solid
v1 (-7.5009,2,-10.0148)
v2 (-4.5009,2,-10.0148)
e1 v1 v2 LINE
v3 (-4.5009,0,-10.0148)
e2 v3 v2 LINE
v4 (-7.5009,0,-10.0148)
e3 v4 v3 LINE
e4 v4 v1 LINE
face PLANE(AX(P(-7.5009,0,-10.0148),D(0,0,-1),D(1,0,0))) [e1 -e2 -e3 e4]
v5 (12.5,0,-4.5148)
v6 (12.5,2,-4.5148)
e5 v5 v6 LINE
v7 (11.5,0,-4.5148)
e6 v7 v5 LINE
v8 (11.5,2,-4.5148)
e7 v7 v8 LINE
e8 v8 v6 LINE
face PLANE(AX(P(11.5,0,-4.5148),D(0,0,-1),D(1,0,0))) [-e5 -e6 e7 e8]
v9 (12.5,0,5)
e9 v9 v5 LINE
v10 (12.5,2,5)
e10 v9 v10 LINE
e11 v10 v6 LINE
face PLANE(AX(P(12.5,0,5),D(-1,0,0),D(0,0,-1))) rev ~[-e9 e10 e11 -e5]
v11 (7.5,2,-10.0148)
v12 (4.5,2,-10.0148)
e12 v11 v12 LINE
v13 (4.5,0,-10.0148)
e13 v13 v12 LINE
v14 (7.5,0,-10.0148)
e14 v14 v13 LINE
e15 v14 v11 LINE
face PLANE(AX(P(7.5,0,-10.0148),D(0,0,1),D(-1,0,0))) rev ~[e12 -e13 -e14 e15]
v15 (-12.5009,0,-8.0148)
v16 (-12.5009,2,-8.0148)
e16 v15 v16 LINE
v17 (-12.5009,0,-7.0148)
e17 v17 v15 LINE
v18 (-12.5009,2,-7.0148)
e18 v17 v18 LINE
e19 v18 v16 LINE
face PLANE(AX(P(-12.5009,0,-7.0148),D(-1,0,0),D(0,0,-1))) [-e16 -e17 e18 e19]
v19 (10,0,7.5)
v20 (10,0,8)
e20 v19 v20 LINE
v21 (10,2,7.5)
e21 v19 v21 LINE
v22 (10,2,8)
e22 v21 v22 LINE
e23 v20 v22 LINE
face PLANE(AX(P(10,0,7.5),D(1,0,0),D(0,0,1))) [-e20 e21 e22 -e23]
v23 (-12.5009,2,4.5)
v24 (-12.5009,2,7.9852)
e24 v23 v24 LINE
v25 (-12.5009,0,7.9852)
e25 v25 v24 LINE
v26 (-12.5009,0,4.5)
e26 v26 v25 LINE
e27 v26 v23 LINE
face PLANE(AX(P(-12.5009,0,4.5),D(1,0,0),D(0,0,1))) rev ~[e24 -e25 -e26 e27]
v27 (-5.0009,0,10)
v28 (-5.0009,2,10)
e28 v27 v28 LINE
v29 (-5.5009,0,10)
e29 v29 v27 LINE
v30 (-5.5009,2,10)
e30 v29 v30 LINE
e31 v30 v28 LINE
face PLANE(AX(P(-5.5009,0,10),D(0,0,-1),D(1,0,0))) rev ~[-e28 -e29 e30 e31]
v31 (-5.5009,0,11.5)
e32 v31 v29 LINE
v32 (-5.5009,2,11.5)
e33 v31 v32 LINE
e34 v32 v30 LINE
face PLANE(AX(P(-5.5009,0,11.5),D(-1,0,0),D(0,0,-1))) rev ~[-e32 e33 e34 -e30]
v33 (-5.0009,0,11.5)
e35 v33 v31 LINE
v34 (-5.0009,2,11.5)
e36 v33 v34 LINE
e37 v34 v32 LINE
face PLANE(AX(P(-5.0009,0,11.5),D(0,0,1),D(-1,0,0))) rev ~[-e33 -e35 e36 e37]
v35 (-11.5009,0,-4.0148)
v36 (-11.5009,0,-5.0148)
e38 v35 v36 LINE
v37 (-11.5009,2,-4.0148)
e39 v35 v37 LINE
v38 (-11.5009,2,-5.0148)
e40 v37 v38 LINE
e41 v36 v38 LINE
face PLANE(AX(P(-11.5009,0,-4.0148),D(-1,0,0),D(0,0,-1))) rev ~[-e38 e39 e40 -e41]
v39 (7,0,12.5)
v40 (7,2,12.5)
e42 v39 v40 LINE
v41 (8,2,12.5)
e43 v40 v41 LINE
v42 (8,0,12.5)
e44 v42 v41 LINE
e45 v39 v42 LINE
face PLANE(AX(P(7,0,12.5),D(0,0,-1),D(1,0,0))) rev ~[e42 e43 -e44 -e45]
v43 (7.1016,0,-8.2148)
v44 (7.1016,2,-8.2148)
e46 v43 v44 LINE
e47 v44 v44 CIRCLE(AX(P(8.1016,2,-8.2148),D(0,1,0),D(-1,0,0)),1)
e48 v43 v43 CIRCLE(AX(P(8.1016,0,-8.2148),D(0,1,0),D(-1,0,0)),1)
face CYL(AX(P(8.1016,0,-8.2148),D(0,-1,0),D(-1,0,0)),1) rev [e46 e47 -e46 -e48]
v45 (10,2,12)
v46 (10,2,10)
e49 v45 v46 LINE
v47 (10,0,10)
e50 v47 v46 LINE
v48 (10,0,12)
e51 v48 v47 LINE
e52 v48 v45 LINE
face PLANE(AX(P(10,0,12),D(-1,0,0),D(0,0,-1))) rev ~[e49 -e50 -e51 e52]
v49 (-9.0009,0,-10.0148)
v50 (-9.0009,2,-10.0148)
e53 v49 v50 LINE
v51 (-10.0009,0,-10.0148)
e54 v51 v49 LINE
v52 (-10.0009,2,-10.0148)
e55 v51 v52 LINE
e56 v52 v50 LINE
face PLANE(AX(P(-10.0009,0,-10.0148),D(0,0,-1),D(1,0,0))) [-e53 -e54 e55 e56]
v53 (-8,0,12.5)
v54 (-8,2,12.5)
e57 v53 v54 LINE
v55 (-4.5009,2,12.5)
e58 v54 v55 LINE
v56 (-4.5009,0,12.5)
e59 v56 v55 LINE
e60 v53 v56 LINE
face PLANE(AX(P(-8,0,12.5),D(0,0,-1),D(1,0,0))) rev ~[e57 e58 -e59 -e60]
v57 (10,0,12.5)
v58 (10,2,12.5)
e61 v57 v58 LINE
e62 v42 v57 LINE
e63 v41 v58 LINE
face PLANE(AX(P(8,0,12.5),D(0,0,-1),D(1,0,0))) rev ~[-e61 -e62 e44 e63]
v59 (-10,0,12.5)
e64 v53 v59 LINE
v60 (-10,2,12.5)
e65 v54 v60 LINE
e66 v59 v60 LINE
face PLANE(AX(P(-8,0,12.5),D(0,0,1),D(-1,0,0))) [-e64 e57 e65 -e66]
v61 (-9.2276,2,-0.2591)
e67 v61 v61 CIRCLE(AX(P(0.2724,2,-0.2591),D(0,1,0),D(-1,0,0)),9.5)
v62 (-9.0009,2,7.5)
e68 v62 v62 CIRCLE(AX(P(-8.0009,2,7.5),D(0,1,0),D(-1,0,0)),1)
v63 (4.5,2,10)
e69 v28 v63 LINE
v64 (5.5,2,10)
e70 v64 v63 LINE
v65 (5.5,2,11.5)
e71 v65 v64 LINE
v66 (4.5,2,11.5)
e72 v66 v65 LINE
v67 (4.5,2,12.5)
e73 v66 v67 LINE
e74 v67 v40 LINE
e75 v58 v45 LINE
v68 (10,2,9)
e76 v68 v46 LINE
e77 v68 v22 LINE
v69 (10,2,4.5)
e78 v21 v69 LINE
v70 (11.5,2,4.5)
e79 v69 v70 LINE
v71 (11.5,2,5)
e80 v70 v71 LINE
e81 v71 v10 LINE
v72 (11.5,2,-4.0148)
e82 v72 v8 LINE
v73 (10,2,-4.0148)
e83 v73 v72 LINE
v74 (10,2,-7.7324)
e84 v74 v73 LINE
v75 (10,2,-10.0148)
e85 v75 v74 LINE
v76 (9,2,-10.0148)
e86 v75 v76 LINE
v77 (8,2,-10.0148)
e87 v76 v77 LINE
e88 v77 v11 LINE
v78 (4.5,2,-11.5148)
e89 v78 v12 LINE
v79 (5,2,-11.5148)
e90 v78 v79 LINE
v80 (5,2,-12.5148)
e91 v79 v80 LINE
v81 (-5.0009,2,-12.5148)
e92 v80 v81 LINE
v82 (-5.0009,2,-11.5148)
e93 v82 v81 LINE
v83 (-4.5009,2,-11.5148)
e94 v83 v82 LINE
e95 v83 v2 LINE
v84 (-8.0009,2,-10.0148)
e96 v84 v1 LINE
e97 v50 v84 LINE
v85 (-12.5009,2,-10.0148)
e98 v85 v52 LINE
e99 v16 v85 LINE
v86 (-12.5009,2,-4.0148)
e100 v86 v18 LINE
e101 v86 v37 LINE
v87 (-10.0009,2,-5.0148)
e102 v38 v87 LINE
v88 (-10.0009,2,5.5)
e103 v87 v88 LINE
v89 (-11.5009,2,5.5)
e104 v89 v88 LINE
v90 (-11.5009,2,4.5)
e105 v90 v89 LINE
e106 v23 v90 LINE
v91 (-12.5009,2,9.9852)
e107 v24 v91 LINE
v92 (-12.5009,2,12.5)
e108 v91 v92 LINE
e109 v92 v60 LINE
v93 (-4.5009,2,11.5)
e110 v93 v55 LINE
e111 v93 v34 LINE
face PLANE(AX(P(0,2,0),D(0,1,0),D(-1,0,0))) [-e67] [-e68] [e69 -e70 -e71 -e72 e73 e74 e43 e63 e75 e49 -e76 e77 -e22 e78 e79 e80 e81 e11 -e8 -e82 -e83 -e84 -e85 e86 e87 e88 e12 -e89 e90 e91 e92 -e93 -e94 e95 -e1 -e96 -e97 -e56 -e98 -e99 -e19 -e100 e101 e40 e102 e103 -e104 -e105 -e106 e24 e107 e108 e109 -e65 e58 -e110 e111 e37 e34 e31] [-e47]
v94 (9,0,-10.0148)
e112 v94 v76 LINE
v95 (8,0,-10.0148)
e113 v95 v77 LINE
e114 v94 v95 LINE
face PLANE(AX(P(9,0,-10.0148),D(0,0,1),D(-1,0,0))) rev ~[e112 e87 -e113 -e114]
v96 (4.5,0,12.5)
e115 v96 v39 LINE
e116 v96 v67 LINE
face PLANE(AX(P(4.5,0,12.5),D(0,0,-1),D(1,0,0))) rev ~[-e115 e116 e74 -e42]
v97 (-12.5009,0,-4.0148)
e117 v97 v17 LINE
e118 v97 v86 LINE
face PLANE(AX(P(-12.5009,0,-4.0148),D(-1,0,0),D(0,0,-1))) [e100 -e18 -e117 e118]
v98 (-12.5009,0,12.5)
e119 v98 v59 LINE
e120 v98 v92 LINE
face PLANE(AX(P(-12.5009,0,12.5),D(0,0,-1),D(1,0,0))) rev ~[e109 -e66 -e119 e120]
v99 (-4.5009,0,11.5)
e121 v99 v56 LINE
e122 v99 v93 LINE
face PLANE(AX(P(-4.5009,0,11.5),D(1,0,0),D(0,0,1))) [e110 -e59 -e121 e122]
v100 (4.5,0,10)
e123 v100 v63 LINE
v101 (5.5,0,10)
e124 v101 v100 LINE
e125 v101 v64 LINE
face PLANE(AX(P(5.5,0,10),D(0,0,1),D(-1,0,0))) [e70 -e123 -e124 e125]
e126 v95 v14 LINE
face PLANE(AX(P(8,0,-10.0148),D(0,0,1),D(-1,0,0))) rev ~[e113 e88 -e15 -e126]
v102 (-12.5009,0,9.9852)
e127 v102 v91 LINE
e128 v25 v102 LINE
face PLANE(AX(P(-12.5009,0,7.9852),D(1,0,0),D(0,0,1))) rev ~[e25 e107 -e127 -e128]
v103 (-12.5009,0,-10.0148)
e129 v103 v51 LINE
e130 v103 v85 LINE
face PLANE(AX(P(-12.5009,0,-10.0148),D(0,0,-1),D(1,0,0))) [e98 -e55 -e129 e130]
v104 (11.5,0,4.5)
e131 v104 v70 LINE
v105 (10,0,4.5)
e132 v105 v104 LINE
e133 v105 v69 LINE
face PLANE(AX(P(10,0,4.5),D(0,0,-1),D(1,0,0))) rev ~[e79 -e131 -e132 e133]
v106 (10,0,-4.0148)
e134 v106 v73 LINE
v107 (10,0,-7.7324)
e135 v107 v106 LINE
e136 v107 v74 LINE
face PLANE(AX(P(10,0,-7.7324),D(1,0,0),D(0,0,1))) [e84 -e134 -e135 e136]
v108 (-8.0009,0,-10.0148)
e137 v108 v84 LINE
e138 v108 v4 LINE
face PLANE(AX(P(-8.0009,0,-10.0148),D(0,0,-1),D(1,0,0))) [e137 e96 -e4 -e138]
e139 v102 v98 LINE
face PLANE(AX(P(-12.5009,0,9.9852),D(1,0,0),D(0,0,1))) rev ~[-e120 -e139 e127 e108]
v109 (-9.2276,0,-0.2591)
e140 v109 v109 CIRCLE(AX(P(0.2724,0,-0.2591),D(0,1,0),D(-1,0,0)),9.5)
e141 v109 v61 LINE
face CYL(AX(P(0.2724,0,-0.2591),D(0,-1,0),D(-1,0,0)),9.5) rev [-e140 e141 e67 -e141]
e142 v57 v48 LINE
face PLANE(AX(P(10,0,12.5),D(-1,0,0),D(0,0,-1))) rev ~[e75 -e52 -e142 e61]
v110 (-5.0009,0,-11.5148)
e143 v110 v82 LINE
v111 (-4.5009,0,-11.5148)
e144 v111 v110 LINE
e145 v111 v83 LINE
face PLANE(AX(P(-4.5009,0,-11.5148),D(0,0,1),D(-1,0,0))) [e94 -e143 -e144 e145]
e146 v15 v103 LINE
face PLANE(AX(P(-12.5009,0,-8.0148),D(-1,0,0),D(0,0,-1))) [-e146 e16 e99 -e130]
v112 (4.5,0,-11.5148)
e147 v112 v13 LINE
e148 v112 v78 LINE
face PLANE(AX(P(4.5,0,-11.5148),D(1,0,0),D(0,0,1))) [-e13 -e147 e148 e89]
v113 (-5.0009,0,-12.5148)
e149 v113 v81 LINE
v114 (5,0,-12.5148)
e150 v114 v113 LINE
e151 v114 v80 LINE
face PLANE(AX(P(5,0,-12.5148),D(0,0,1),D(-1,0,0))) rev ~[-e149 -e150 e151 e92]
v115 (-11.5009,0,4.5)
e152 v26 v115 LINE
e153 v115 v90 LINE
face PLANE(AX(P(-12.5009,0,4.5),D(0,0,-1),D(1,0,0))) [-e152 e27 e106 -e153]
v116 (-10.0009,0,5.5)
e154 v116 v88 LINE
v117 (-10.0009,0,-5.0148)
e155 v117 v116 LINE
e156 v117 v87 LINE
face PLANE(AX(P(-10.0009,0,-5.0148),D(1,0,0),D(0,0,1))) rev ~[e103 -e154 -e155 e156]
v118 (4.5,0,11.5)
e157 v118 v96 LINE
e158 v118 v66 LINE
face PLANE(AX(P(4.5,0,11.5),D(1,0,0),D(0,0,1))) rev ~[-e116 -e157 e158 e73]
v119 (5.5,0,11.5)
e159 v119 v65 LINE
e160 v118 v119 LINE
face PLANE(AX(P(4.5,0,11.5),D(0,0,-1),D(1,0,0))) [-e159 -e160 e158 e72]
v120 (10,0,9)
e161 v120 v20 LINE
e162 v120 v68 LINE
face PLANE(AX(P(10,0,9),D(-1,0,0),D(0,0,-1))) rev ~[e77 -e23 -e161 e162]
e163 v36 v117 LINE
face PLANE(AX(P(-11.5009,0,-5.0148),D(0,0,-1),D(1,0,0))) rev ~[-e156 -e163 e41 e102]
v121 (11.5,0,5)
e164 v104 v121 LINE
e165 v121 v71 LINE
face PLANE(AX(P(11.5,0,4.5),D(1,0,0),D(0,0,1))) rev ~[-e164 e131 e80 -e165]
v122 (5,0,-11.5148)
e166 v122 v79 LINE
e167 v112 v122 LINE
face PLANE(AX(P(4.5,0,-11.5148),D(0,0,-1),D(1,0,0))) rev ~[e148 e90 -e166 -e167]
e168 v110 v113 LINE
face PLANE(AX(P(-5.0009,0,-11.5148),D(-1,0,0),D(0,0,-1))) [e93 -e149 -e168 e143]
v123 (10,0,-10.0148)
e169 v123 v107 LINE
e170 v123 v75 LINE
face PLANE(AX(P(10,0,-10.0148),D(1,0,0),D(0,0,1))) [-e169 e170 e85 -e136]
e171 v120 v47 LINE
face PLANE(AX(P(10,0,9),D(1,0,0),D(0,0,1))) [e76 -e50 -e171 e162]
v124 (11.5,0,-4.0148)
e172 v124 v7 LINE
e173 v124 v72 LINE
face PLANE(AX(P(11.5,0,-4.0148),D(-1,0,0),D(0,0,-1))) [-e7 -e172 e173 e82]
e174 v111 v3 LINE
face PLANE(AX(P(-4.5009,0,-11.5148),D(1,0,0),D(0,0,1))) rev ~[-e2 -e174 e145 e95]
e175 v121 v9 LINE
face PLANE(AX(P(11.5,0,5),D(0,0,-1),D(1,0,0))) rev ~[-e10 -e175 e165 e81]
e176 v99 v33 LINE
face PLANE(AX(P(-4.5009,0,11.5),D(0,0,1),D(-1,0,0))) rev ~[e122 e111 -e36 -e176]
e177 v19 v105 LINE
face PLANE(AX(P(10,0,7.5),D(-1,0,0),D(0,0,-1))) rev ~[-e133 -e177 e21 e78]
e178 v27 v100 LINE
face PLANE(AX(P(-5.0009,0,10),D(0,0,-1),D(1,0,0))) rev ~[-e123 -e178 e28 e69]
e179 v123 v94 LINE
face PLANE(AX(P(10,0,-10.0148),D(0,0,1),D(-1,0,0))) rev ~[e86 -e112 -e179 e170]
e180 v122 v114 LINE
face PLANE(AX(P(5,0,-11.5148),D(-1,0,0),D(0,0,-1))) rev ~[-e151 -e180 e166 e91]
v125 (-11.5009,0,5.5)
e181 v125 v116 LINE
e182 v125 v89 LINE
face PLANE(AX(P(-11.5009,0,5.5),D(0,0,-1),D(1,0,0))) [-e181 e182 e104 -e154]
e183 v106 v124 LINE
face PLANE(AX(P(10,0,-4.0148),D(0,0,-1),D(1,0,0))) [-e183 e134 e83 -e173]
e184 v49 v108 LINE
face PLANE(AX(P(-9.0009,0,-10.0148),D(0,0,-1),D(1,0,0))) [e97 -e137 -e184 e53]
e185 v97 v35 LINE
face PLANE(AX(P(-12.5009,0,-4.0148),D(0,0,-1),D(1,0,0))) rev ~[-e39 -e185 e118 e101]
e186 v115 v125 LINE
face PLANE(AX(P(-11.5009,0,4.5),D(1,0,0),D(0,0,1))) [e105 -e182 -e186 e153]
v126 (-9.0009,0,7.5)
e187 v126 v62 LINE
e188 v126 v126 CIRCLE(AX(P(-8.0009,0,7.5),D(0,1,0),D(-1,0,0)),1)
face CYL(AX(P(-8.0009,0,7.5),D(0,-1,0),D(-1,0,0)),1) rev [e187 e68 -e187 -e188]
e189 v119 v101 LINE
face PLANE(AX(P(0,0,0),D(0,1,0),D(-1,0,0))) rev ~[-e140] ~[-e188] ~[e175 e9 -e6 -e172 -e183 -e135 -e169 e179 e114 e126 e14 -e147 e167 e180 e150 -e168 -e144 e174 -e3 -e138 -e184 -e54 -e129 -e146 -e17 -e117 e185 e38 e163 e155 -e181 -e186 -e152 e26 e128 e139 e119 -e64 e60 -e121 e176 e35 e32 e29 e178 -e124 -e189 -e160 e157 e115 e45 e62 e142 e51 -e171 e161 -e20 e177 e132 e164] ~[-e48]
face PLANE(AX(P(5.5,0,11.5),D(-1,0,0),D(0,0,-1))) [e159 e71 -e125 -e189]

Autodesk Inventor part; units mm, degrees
ref_plane "YZ Plane" through (0, 0, 0) normal (1, 0, 0) x (0, 1, 0)
ref_plane "XZ Plane" through (0, 0, 0) normal (0, 1, 0) x (-1, 0, 0)
ref_plane "XY Plane" through (0, 0, 0) normal (0, 0, 1) x (1, 0, 0)
sketch "Schizzo1" plane through (0, 0, 0) normal (0, 1, 0) x (-1, 0, 0)
  line L0 (10.0009, -10.0148) -> (9.0009, -10.0148)
  line L1 (-10, 9) -> (-10, 10)
  line L2 (-10, 12) -> (-10, 10)
  line L3 (-10, -10.0148) -> (-9, -10.0148)
  line L4 (9.0009, -10.0148) -> (8.0009, -10.0148)
  line L5 (-9, -10.0148) -> (-8, -10.0148)
  line L6 (-10, 9) -> (-10, 8)
  line L7 (-10, -10.0148) -> (-10, -7.7324)
  circle A0 centre (-0.2724, -0.2591) radius 9.5
  line L8 (12.5009, -8.0148) -> (12.5009, -10.0148)
  line L9 (12.5009, -10.0148) -> (10.0009, -10.0148)
  line L10 (12.5009, 7.9852) -> (12.5009, 9.9852)
  line L11 (8, 12.5) -> (10, 12.5)
  line L12 (12.5009, 9.9852) -> (12.5009, 12.5)
  line L13 (12.5009, 12.5) -> (10, 12.5)
  line L14 (-8, 12.5) -> (-10, 12.5)
  line L15 (-10, 12.5) -> (-10, 12)
  line L16 (8.0009, -10.0148) -> (7.5009, -10.0148)
  line L17 (-8, -10.0148) -> (-7.5, -10.0148)
  circle A1 centre (-8.1016, -8.2148) radius 1
  circle A2 centre (8.0009, 7.5) radius 1
  line L18 (12.5009, -7.0148) -> (12.5009, -8.0148)
  line L19 (-7, 12.5) -> (-8, 12.5)
  line L20 (7.5009, -10.0148) -> (4.5009, -10.0148)
  line L21 (-7.5, -10.0148) -> (-4.5, -10.0148)
  line L22 (4.5009, -11.5148) -> (5.0009, -11.5148)
  line L23 (5.0009, -11.5148) -> (5.0009, -12.5148)
  line L24 (4.5009, -11.5148) -> (4.5009, -10.0148)
  line L25 (-4.5, -11.5148) -> (-5, -11.5148)
  line L26 (-5, -11.5148) -> (-5, -12.5148)
  line L27 (-5, -12.5148) -> (5.0009, -12.5148)
  line L28 (-4.5, -11.5148) -> (-4.5, -10.0148)
  line L29 (4.5009, 11.5) -> (5.0009, 11.5)
  line L30 (-4.5, 12.5) -> (-7, 12.5)
  line L31 (5.0009, 10) -> (-4.5, 10)
  line L32 (-4.5, 11.5) -> (-5.5, 11.5)
  line L33 (-5.5, 11.5) -> (-5.5, 10)
  line L34 (-5.5, 10) -> (-4.5, 10)
  line L35 (-4.5, 11.5) -> (-4.5, 12.5)
  line L36 (4.5009, 11.5) -> (4.5009, 12.5)
  line L37 (4.5009, 11.5) -> (5.5009, 11.5)
  line L38 (5.5009, 11.5) -> (5.5009, 10)
  line L39 (5.5009, 10) -> (5.0009, 10)
  line L40 (8, 12.5) -> (4.5009, 12.5)
  line L41 (-10, -10.0148) -> (-10, -4.0148)
  line L42 (-10, 7.5) -> (-10, 4.5)
  line L43 (-10, 4.5) -> (-11.5, 4.5)
  line L44 (-11.5, 4.5) -> (-11.5, 5)
  line L45 (-11.5, 5) -> (-12.5, 5)
  line L46 (-10, -4.0148) -> (-11.5, -4.0148)
  line L47 (-11.5, -4.0148) -> (-11.5, -4.5148)
  line L48 (-11.5, -4.5148) -> (-12.5, -4.5148)
  line L49 (-10, 7.5) -> (-10, 8)
  line L50 (-12.5, 5) -> (-12.5, -4.5148)
  line L51 (12.5009, 4.5) -> (11.5009, 4.5)
  line L52 (11.5009, 4.5) -> (11.5009, 5.5)
  line L53 (11.5009, 5.5) -> (10.0009, 5.5)
  line L54 (12.5009, 4.5) -> (12.5009, 7.9852)
  line L55 (12.5009, -4.0148) -> (11.5009, -4.0148)
  line L56 (12.5009, -4.0148) -> (12.5009, -7.0148)
  line L57 (11.5009, -4.0148) -> (11.5009, -5.0148)
  line L58 (11.5009, -5.0148) -> (10.0009, -5.0148)
  line L59 (10.0009, -5.0148) -> (10.0009, 5.5)
  point P0 (0, 0)
  dimension "d45" = 2
  dimension "d54" = 2
  dimension "d56" = 0.5
  dimension "d59" = 0.5
  dimension "d72" = 2
  dimension "d81" = 3
  dimension "d82" = 0.5
  dimension "d83" = 0.5
  dimension "d87" = 1
  dimension "d90" = 0.5
  dimension "d92" = 0.5
  dimension "d93" = 1
extrude "Estrusione6" add sketch "Schizzo1" along normal blind 2
properties part number "Maschio-femmina"
